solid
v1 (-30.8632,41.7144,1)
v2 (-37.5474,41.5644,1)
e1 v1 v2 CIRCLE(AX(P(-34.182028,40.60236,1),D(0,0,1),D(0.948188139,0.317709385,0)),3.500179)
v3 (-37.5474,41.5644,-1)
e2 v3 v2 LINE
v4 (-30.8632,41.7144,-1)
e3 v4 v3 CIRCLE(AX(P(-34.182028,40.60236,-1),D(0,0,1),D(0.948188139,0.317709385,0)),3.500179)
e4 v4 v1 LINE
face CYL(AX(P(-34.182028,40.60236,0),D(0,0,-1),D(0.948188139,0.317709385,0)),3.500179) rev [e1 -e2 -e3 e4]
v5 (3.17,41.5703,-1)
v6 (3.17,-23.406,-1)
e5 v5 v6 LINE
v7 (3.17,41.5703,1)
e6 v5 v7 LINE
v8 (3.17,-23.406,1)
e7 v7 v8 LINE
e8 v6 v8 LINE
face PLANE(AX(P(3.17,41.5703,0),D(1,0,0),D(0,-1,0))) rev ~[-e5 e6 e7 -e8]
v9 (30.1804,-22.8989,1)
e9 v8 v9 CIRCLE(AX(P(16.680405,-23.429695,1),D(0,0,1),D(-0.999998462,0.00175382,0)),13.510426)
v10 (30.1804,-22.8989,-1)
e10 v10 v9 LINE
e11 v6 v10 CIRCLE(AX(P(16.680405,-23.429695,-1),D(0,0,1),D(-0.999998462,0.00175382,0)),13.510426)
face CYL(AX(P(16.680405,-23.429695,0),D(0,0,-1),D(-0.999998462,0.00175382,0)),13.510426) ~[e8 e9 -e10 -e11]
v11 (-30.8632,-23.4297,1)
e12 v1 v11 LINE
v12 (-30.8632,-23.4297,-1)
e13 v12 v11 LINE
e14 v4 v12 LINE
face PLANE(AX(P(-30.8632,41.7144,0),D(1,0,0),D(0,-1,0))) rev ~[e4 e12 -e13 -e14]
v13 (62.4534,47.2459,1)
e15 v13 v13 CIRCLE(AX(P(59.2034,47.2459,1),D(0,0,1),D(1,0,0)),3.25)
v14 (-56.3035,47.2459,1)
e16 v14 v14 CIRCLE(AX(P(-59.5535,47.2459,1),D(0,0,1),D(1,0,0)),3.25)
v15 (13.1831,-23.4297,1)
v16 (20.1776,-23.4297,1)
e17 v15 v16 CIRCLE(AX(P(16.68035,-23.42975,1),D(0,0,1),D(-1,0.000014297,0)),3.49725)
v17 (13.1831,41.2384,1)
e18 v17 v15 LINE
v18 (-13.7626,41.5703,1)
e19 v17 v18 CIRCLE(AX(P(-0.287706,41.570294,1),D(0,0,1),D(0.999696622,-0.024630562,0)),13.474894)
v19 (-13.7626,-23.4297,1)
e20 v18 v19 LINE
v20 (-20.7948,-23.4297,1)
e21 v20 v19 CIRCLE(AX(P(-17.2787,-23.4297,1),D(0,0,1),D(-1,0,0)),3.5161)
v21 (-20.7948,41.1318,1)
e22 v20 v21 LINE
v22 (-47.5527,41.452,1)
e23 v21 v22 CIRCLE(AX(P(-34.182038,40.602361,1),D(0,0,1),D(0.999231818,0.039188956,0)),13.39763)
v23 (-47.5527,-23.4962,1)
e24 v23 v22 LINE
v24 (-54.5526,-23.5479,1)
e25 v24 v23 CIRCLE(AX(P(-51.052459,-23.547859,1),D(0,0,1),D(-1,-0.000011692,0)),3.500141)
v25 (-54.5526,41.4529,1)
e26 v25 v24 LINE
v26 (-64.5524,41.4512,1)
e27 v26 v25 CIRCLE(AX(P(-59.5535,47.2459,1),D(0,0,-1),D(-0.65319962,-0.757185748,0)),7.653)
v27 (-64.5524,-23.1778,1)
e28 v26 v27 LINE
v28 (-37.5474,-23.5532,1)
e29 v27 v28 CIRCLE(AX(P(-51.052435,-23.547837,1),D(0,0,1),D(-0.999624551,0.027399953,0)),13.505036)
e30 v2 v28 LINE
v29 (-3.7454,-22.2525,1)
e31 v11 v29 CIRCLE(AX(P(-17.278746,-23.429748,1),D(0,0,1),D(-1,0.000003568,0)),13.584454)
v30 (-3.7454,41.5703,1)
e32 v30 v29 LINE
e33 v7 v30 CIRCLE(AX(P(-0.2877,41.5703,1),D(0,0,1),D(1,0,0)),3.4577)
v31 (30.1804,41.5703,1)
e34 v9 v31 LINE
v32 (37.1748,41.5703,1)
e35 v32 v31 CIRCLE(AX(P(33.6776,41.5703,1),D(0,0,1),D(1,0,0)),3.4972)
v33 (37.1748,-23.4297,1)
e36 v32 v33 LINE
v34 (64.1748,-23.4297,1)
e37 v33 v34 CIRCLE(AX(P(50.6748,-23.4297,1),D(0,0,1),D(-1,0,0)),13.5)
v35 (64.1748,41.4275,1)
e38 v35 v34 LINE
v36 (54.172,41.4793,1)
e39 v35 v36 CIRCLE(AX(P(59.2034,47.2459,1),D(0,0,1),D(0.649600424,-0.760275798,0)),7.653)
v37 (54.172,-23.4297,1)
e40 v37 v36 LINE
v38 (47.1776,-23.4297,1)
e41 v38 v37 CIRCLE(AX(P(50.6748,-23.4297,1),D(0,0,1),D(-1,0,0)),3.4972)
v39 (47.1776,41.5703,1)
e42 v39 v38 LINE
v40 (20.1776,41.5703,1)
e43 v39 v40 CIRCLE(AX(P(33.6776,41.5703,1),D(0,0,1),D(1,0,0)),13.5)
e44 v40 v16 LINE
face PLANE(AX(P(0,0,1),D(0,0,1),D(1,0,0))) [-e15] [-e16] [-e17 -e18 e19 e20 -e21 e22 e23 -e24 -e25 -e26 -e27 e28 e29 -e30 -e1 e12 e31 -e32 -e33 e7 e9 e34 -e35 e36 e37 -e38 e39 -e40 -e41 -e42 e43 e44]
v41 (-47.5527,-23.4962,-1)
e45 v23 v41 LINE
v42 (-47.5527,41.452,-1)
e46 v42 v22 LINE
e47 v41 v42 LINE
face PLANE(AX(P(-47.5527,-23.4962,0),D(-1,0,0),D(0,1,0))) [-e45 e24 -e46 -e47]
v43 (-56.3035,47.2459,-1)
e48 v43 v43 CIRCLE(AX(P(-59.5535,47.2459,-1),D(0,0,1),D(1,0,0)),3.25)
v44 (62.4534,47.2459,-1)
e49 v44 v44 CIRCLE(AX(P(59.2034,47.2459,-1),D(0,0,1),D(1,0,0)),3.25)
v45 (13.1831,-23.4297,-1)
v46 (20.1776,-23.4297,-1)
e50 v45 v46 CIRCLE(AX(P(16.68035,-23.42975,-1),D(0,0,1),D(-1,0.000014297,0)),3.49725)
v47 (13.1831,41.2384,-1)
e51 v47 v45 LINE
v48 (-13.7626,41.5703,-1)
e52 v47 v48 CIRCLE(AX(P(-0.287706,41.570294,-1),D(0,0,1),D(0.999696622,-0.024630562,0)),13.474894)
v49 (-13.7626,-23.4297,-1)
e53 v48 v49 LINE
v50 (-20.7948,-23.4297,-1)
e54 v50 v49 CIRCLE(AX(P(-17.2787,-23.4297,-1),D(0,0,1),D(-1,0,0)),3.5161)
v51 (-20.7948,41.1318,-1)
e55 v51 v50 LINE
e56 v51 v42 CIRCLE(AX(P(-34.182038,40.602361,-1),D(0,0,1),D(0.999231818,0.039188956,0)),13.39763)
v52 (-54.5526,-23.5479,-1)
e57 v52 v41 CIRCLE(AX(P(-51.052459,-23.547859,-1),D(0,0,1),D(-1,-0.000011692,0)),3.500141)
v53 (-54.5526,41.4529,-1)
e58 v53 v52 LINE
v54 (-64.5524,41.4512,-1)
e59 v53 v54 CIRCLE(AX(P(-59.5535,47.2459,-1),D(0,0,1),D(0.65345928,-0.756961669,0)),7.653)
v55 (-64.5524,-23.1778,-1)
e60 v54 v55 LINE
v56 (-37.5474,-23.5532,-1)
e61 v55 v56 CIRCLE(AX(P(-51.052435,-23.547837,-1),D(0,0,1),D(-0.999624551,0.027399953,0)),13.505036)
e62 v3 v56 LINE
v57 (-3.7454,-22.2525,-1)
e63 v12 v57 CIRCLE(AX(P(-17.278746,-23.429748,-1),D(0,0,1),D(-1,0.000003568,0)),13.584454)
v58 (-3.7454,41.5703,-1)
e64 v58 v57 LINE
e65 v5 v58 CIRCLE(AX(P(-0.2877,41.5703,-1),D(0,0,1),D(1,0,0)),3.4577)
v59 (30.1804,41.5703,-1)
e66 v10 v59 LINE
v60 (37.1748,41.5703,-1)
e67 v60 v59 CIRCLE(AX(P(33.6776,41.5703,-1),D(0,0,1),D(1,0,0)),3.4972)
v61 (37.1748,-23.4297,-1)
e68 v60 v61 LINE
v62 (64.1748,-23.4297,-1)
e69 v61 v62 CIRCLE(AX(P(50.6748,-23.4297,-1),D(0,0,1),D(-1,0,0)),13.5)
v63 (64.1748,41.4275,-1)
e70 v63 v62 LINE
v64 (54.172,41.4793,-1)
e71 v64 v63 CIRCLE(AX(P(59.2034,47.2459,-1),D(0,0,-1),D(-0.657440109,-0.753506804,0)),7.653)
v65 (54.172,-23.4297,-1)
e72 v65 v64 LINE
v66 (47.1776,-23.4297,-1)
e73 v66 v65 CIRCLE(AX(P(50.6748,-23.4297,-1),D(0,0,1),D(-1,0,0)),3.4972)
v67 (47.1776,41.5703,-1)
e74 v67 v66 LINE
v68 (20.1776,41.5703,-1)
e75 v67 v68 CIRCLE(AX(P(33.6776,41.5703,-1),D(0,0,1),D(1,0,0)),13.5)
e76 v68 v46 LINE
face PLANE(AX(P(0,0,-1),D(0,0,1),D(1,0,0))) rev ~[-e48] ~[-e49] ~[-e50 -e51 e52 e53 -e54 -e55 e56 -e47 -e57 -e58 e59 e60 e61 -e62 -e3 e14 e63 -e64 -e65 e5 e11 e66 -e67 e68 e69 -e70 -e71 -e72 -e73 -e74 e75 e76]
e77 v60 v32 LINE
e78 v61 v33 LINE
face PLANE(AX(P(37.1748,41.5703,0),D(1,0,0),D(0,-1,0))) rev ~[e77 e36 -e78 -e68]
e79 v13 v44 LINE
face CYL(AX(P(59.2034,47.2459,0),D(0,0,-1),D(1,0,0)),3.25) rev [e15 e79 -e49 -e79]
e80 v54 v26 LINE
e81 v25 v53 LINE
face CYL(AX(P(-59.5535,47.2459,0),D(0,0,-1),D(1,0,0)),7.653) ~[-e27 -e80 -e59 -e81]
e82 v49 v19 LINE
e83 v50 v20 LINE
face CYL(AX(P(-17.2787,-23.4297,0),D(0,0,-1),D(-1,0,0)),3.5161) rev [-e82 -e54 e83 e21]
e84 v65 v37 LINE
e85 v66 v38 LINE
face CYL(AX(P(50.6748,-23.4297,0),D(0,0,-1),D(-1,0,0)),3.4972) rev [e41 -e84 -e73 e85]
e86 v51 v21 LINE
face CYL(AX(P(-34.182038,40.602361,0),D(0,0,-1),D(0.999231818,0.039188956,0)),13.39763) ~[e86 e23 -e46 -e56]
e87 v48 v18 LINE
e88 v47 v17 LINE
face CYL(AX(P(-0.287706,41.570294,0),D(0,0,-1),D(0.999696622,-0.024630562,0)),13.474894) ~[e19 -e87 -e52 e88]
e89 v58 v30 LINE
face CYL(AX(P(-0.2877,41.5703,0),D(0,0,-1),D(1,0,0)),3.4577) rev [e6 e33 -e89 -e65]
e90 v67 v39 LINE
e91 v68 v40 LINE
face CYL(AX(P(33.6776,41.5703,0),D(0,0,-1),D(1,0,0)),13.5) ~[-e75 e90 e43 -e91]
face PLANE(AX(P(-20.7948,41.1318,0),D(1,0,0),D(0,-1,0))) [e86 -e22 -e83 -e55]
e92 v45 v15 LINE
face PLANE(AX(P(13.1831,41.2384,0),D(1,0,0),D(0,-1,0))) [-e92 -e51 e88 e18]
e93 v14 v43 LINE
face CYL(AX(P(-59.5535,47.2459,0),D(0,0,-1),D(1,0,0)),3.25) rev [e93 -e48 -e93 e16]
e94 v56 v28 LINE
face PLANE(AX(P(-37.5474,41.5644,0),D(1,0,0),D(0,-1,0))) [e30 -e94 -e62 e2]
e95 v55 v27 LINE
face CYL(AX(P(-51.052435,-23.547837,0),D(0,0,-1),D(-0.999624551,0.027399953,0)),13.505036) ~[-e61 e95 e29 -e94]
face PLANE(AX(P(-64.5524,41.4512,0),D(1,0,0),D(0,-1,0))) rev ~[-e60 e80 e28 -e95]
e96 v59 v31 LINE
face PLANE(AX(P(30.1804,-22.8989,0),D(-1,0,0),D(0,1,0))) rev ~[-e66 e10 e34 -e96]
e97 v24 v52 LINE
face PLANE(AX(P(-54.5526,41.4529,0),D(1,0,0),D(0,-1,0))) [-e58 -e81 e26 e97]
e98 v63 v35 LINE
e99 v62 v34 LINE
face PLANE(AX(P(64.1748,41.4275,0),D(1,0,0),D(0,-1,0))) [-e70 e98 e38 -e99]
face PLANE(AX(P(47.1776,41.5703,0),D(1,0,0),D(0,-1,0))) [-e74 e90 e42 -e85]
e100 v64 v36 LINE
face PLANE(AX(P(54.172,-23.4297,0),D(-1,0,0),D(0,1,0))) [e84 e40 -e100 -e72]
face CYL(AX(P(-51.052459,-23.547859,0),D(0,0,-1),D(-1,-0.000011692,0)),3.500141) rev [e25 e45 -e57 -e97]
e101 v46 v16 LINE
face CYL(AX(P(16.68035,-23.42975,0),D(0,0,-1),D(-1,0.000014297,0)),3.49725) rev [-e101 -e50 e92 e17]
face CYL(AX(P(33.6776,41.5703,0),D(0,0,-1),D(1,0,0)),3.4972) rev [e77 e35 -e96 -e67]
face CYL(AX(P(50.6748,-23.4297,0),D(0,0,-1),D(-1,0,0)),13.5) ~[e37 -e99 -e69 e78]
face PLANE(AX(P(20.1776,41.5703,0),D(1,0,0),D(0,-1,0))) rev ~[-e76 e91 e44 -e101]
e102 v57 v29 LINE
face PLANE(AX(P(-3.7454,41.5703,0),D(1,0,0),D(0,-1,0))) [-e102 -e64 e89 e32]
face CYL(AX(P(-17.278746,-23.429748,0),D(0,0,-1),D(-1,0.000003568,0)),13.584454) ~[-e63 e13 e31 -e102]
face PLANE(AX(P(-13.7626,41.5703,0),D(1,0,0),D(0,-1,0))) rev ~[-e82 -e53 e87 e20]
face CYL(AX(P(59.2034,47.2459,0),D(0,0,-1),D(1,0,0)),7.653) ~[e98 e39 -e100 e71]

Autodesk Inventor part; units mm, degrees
ref_plane "YZ Plane" through (0, 0, 0) normal (1, 0, 0) x (0, 1, 0)
ref_plane "XZ Plane" through (0, 0, 0) normal (0, 1, 0) x (-1, 0, 0)
ref_plane "XY Plane" through (0, 0, 0) normal (0, 0, 1) x (1, 0, 0)
sketch "Sketch1" plane through (0, 0, 0) normal (0, 0, 1) x (1, 0, 0)
  circle A0 centre (-59.5535, 47.2459) radius 7.653
  line L0 (-64.5524, 41.4512) -> (-64.5524, -23.1778)
  line L1 (-54.5526, 41.4529) -> (-54.5526, -23.5479)
  arc A1 (-54.5526, -23.5479) -> (-47.5527, -23.4962) centre (-51.0525, -23.5479) ccw
  line L2 (-47.5527, -23.4962) -> (-47.5527, 41.452)
  line L3 (-37.5474, 41.5644) -> (-37.5474, -23.5532)
  arc A2 (-64.5524, -23.1778) -> (-37.5474, -23.5515) centre (-51.0525, -23.5479) ccw
  arc A3 (-30.8632, 41.7144) -> (-37.5474, 41.5644) centre (-34.182, 40.6024) ccw
  line L4 (-30.8632, 41.7144) -> (-30.8632, -23.4297)
  line L5 (-20.7948, 41.1318) -> (-20.7948, -23.4297)
  arc A4 (-20.7947, 41.1274) -> (-47.5527, 41.452) centre (-34.182, 40.6024) ccw
  line L6 (-13.7626, 41.5703) -> (-13.7626, -23.4297)
  arc A5 (-20.7948, -23.4297) -> (-13.7626, -23.4297) centre (-17.2787, -23.4297) ccw
  line L7 (-3.7454, 41.5703) -> (-3.7454, -22.2525)
  arc A6 (-30.8632, -23.4297) -> (-3.7454, -22.2525) centre (-17.2787, -23.4297) ccw
  line L8 (3.17, 41.5703) -> (3.17, -23.406)
  line L9 (13.1831, 41.5703) -> (13.1831, -23.4297)
  arc A7 (3.17, 41.5703) -> (-3.7454, 41.5703) centre (-0.2877, 41.5703) ccw
  arc A8 (13.1831, 41.2384) -> (-13.7626, 41.5703) centre (-0.2877, 41.5703) ccw
  line L10 (20.1776, 41.5703) -> (20.1776, -23.4297)
  arc A9 (13.1831, -23.4297) -> (20.1776, -23.4297) centre (16.6804, -23.4297) ccw
  line L11 (30.1804, -22.8989) -> (30.1804, 41.5703)
  arc A10 (3.17, -23.406) -> (30.1804, -22.8989) centre (16.6804, -23.4297) ccw
  line L12 (37.1748, 41.5703) -> (37.1748, -23.4297)
  line L13 (47.1776, 41.5703) -> (47.1776, -23.4297)
  arc A11 (37.1748, 41.5703) -> (30.1804, 41.5703) centre (33.6776, 41.5703) ccw
  arc A12 (47.1776, 41.5703) -> (20.1776, 41.5703) centre (33.6776, 41.5703) ccw
  circle A13 centre (-59.5535, 47.2459) radius 3.25
  line L14 (54.172, -23.4297) -> (54.172, 41.4793)
  line L15 (64.1748, 41.4275) -> (64.1748, -23.4297)
  arc A14 (47.1776, -23.4297) -> (54.172, -23.4297) centre (50.6748, -23.4297) ccw
  arc A15 (37.1748, -23.4297) -> (64.1748, -23.4297) centre (50.6748, -23.4297) ccw
  circle A16 centre (59.2034, 47.2459) radius 7.653
  circle A17 centre (59.2034, 47.2459) radius 3.25
  point P0 (0, 0)
  point P1 (-51.0266, -27.048)
  point P2 (-51.2393, -37.0517)
extrude "Extrusion1" add sketch "Sketch1" along normal mid plane 2
properties part number "sensor2"
